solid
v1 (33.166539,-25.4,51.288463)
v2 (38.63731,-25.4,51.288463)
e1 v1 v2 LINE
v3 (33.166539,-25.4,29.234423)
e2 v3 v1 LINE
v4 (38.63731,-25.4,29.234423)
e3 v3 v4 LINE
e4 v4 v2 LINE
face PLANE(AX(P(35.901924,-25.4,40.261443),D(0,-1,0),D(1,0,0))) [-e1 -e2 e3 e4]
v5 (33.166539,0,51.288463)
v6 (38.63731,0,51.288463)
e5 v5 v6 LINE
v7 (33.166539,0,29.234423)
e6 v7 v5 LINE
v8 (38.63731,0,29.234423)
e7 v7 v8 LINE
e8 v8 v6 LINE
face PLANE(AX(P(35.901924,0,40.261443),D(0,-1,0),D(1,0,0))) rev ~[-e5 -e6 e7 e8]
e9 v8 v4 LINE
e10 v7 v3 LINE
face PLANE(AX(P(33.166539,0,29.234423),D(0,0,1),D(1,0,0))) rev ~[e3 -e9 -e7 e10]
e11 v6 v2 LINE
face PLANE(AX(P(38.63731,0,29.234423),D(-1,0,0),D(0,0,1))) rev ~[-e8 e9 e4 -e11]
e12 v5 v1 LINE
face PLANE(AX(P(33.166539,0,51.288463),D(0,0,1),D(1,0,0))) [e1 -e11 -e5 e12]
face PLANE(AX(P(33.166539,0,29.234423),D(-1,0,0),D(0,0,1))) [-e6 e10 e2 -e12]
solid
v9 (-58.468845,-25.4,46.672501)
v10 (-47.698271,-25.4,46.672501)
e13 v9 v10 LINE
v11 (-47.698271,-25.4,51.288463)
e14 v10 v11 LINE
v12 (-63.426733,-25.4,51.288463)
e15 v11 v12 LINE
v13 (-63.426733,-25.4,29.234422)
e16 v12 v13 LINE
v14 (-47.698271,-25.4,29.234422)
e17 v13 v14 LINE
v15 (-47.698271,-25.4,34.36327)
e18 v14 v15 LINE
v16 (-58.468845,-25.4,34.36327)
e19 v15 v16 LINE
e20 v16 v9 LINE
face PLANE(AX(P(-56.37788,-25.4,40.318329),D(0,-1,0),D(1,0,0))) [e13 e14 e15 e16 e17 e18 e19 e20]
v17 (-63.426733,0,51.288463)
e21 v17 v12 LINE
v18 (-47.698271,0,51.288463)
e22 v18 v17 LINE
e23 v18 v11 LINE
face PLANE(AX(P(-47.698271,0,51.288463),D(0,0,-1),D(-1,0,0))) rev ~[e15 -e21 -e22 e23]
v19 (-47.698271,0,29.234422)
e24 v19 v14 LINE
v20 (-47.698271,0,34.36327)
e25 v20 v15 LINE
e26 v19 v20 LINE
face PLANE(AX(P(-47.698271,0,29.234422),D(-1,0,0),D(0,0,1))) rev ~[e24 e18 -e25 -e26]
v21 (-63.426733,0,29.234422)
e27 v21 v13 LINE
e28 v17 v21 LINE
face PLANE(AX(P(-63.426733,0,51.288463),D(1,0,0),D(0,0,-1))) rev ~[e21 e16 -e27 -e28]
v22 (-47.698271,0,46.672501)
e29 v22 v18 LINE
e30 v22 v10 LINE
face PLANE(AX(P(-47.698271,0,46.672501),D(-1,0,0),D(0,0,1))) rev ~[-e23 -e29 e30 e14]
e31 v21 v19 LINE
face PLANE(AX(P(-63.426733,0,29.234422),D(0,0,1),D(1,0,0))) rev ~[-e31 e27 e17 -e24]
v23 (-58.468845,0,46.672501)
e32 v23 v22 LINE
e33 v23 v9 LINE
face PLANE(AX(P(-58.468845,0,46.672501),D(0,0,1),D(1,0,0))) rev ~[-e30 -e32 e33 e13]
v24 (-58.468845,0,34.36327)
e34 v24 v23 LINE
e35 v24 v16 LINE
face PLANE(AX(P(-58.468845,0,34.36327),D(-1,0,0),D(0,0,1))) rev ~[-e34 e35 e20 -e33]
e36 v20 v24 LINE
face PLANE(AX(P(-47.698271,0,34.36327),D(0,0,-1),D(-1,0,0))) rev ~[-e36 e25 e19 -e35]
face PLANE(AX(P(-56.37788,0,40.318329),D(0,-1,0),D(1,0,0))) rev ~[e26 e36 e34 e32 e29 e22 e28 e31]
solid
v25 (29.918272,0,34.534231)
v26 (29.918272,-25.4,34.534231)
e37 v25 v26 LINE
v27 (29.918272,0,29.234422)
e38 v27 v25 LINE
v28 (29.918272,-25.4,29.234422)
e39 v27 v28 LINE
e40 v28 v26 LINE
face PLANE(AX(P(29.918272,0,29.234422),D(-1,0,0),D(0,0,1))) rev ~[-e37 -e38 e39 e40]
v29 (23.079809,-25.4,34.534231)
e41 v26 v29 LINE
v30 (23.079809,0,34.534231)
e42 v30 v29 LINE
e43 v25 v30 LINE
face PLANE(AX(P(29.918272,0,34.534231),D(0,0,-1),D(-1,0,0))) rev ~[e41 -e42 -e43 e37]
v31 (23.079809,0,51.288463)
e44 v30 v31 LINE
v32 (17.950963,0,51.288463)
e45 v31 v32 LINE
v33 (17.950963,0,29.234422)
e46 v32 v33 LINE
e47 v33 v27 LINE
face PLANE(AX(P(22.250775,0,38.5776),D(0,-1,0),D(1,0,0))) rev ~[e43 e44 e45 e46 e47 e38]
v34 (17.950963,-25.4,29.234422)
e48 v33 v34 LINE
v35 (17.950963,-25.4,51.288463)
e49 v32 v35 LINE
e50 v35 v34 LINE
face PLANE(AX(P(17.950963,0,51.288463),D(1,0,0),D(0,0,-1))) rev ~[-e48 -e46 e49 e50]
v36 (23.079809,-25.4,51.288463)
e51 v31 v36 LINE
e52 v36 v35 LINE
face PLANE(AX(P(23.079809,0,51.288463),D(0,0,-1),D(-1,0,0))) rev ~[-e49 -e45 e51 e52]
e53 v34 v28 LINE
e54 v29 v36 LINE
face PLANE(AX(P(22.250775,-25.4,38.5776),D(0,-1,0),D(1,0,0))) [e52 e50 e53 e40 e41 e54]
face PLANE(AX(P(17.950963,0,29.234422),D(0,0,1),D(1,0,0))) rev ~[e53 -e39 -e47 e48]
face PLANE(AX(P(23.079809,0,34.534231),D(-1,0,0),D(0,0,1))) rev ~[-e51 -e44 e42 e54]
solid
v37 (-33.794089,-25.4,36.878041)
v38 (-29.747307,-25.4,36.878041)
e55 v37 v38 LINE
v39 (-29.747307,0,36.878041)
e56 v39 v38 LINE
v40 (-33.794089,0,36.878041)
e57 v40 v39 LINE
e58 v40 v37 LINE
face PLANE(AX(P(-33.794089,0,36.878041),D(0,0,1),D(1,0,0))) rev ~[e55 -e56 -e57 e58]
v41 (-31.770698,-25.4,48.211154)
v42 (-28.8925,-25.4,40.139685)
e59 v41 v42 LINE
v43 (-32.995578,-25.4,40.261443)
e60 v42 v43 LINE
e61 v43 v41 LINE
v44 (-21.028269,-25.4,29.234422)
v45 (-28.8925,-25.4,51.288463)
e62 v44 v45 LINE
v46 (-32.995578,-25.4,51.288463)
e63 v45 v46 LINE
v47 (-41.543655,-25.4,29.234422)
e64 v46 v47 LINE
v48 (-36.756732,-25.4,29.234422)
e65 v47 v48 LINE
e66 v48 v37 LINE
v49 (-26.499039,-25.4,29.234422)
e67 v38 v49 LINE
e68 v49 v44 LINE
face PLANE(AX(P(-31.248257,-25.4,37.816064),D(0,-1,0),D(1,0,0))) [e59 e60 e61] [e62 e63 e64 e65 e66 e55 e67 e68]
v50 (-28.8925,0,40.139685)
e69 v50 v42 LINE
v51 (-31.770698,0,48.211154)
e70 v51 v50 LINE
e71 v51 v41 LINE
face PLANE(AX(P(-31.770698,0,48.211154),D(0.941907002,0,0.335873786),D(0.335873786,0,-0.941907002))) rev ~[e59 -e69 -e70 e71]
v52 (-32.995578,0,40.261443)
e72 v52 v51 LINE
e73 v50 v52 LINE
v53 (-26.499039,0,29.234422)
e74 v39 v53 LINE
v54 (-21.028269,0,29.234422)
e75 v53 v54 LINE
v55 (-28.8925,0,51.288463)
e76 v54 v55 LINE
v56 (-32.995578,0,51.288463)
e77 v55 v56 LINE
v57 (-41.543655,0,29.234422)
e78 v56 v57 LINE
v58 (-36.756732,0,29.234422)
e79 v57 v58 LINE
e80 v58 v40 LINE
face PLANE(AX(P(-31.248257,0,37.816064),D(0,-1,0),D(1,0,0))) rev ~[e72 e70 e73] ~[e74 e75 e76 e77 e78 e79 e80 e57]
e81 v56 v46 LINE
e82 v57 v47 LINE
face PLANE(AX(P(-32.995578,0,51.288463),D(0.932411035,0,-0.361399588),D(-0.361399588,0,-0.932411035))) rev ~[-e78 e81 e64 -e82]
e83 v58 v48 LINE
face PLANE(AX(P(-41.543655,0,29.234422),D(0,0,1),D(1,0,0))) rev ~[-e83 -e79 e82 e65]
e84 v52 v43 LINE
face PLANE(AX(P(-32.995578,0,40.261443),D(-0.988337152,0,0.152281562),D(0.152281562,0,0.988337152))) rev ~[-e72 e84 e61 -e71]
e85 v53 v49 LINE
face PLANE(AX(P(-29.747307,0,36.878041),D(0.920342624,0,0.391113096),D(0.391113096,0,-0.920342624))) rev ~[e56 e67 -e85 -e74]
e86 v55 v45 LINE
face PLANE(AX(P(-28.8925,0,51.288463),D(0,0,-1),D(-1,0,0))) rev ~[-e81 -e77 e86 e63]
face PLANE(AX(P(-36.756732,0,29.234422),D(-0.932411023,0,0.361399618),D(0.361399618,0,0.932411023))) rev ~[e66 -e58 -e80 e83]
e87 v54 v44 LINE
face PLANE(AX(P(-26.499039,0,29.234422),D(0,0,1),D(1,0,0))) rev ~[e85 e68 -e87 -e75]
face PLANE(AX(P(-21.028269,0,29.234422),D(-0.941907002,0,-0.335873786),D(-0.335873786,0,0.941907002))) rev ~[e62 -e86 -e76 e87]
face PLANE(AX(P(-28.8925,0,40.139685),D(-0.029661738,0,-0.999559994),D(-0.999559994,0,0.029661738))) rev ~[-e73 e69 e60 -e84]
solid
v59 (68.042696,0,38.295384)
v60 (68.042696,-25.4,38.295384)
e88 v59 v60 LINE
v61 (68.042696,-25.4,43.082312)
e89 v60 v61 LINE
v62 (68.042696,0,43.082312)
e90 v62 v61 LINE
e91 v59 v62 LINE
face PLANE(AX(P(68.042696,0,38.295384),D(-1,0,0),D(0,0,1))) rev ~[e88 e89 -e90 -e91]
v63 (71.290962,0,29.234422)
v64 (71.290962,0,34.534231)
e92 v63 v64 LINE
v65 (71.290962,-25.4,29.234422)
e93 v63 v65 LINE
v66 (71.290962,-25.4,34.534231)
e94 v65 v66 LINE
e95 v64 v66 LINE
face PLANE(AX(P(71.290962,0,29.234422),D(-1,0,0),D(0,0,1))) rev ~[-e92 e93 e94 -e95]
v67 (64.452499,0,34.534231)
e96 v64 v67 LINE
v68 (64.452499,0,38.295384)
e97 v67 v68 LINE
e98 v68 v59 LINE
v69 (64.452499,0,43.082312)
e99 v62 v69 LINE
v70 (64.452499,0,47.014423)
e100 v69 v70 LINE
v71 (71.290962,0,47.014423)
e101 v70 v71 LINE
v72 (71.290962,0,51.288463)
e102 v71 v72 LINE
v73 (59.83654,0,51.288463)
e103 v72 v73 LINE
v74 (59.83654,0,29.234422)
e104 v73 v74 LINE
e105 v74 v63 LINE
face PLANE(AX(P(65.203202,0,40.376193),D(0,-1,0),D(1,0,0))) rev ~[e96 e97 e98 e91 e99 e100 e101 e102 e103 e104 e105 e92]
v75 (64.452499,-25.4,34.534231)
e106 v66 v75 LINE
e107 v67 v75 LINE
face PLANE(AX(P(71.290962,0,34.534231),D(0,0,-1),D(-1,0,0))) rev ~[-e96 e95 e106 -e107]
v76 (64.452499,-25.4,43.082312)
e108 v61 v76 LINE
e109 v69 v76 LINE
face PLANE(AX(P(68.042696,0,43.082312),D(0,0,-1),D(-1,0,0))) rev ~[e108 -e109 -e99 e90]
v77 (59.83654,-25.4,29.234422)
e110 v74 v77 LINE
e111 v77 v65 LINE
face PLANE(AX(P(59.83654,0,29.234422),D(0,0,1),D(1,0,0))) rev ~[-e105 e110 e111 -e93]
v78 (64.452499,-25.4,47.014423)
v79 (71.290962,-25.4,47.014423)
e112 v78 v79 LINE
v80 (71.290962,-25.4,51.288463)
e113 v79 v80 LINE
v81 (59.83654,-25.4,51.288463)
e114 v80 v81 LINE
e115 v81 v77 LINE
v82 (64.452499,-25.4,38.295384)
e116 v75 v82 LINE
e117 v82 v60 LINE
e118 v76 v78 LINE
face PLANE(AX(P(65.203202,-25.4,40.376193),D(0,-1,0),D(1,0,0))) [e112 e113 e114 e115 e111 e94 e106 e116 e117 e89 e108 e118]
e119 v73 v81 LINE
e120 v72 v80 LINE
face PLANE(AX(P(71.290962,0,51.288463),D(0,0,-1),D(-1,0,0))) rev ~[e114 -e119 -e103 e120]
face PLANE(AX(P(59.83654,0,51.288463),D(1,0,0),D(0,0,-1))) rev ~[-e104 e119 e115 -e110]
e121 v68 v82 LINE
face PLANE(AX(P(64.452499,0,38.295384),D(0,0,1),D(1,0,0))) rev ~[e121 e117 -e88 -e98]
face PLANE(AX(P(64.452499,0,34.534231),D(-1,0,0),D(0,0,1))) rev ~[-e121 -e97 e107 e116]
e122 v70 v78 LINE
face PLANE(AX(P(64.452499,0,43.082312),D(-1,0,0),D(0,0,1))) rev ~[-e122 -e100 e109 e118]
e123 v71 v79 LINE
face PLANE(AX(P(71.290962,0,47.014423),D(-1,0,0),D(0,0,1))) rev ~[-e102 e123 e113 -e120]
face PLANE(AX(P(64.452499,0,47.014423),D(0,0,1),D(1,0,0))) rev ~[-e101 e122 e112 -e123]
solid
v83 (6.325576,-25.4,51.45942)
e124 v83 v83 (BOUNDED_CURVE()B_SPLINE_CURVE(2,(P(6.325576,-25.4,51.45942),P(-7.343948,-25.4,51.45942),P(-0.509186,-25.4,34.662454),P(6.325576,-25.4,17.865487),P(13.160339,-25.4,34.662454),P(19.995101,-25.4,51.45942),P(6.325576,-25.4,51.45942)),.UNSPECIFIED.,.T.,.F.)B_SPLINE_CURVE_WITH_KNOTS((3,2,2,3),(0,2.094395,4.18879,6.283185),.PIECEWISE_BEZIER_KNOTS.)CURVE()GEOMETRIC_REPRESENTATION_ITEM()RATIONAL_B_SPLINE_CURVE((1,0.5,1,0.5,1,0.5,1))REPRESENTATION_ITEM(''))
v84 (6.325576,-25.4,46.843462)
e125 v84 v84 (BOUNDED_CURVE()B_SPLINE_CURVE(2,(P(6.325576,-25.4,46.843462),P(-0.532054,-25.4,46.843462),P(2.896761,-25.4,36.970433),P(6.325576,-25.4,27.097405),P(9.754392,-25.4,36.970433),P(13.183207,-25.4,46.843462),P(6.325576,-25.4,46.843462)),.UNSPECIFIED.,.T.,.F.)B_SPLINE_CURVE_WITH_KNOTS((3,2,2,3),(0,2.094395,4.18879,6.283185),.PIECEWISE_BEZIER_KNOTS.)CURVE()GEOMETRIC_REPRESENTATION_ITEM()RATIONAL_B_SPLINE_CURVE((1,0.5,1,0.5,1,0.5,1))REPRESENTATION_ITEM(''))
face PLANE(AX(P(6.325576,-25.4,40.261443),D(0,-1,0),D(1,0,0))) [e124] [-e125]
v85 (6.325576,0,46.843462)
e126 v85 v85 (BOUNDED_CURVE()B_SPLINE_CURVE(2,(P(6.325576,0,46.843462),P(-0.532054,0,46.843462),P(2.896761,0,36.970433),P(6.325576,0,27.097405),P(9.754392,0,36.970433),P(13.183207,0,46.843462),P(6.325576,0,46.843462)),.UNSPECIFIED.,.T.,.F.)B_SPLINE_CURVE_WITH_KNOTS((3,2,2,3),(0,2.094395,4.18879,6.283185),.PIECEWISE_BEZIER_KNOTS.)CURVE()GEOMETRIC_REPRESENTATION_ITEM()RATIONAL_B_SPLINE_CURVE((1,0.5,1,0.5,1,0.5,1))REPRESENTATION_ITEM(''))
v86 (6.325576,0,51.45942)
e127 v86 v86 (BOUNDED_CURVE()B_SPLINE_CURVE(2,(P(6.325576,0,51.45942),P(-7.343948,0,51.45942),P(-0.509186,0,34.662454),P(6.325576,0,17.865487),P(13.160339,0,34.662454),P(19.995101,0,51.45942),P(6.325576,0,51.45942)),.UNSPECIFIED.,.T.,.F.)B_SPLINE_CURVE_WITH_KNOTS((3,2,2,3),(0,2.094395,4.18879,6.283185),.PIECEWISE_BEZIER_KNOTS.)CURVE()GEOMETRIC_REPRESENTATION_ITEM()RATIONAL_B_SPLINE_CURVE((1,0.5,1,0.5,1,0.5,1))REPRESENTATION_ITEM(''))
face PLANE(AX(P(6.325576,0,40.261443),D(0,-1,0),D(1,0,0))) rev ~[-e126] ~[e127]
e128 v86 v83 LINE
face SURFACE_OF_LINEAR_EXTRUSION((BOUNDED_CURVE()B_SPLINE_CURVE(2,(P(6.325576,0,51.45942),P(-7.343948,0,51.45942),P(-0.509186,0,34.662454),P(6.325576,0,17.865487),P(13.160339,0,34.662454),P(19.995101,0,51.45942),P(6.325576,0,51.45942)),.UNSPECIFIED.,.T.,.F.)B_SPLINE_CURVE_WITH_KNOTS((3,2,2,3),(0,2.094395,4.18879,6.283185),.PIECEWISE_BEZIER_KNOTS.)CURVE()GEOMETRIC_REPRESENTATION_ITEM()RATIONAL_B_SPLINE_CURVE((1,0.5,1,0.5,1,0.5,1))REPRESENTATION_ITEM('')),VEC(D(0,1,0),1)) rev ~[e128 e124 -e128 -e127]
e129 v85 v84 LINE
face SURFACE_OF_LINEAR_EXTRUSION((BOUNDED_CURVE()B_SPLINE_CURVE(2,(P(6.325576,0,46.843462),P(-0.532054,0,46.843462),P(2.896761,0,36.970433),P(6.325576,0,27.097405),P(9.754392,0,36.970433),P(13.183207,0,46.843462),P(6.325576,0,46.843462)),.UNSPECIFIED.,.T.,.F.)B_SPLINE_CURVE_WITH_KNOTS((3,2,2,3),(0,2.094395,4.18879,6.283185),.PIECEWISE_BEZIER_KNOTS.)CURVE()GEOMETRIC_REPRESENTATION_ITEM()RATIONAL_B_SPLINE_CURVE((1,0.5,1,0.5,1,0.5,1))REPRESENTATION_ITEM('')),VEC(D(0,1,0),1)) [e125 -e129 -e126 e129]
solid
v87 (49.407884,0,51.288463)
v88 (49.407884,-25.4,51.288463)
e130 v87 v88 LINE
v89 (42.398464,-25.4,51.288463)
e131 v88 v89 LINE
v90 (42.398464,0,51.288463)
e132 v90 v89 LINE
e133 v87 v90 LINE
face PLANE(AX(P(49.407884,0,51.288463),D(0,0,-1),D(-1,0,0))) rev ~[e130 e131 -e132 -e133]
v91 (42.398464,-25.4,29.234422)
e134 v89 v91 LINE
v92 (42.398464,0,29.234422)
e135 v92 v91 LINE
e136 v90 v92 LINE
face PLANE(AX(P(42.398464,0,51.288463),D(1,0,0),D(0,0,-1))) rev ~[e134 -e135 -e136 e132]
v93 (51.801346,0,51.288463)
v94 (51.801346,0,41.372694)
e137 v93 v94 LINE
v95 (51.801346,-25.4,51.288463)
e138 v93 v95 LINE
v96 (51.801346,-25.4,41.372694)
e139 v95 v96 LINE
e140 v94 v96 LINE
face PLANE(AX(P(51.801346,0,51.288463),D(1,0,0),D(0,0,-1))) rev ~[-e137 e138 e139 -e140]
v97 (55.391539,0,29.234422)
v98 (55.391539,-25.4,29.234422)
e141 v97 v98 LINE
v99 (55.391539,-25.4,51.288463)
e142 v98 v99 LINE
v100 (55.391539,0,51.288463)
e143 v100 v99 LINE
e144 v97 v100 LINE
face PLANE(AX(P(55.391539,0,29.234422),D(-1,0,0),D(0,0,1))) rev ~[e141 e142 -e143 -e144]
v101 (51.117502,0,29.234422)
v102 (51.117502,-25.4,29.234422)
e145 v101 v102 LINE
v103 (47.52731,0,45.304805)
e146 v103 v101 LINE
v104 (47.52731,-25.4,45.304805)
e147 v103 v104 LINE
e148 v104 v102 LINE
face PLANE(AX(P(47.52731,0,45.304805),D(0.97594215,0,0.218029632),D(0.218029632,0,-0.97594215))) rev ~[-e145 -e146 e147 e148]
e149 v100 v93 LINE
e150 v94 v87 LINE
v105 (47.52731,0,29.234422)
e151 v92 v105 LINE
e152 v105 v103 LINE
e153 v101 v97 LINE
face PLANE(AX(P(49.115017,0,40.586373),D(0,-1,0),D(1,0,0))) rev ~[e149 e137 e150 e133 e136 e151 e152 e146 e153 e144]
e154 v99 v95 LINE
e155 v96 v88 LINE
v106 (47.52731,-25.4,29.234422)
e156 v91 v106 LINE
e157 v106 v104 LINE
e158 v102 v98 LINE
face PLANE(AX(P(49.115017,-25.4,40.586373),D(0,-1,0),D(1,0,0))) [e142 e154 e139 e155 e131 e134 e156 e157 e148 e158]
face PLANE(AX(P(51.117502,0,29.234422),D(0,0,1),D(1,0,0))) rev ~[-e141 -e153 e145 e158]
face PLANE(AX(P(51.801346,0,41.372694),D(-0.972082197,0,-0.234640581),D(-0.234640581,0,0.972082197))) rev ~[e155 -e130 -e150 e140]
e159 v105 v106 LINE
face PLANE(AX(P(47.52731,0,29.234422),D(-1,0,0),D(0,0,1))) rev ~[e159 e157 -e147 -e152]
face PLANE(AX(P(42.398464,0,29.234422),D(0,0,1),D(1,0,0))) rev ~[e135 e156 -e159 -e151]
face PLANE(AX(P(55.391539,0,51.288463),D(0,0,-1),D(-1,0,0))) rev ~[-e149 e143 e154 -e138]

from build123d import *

# Parameters (mm, degrees)
F0_W     = 5.470771
F0_H     = 22.054041
F1_DEPTH = 25.4


with BuildPart() as f1:
    # F0 (on Front) → F1 (new body)
    with BuildSketch(Plane.XZ):
        Polygon((-47.698271, 46.672501), (-47.698271, 51.288463), (-63.426733, 51.288463), (-63.426733, 29.234422), (-47.698271, 29.234422), (-47.698271, 34.36327), (-58.468845, 34.36327), (-58.468845, 46.672501), align=None)
        Polygon((23.079809, 51.288463), (17.950963, 51.288463), (17.950963, 29.234422), (29.918272, 29.234422), (29.918272, 34.534231), (23.079809, 34.534231), align=None)
        with Locations((35.901924, 40.261443)):
            Rectangle(F0_W, F0_H)
        Polygon((49.407884, 51.288463), (42.398464, 51.288463), (42.398464, 29.234422), (47.52731, 29.234422), (47.52731, 45.304805), (51.117502, 29.234422), (55.391539, 29.234422), (55.391539, 51.288463), (51.801346, 51.288463), (51.801346, 41.372694), align=None)
        Polygon((71.290962, 51.288463), (59.83654, 51.288463), (59.83654, 29.234422), (71.290962, 29.234422), (71.290962, 34.534231), (64.452499, 34.534231), (64.452499, 38.295384), (68.042696, 38.295384), (68.042696, 43.082312), (64.452499, 43.082312), (64.452499, 47.014423), (71.290962, 47.014423), align=None)
        with BuildLine():
            add(Edge.make_bspline(
                [(6.325576, 51.45942), (-7.343948, 51.45942), (-0.509186, 34.662454), (6.325576, 17.865487), (13.160339, 34.662454), (19.995101, 51.45942), (6.325576, 51.45942)],
                knots=[0, 0, 0, 2.094395, 2.094395, 4.18879, 4.18879, 6.283185, 6.283185, 6.283185], degree=2, weights=[1, 0.5, 1, 0.5, 1, 0.5, 1]))
        make_face()
        with BuildLine():
            add(Edge.make_bspline(
                [(6.325576, 46.843462), (-0.532054, 46.843462), (2.896761, 36.970433), (6.325576, 27.097405), (9.754392, 36.970433), (13.183207, 46.843462), (6.325576, 46.843462)],
                knots=[0, 0, 0, 2.094395, 2.094395, 4.18879, 4.18879, 6.283185, 6.283185, 6.283185], degree=2, weights=[1, 0.5, 1, 0.5, 1, 0.5, 1]))
        make_face(mode=Mode.SUBTRACT)
        Polygon((-28.8925, 51.288463), (-32.995578, 51.288463), (-41.543655, 29.234422), (-36.756732, 29.234422), (-33.794089, 36.878041), (-29.747307, 36.878041), (-26.499039, 29.234422), (-21.028269, 29.234422), align=None)
        Polygon((-28.8925, 40.139685), (-32.995578, 40.261443), (-31.770698, 48.211154), align=None, mode=Mode.SUBTRACT)
    extrude(amount=F1_DEPTH)


solid = f1.part
